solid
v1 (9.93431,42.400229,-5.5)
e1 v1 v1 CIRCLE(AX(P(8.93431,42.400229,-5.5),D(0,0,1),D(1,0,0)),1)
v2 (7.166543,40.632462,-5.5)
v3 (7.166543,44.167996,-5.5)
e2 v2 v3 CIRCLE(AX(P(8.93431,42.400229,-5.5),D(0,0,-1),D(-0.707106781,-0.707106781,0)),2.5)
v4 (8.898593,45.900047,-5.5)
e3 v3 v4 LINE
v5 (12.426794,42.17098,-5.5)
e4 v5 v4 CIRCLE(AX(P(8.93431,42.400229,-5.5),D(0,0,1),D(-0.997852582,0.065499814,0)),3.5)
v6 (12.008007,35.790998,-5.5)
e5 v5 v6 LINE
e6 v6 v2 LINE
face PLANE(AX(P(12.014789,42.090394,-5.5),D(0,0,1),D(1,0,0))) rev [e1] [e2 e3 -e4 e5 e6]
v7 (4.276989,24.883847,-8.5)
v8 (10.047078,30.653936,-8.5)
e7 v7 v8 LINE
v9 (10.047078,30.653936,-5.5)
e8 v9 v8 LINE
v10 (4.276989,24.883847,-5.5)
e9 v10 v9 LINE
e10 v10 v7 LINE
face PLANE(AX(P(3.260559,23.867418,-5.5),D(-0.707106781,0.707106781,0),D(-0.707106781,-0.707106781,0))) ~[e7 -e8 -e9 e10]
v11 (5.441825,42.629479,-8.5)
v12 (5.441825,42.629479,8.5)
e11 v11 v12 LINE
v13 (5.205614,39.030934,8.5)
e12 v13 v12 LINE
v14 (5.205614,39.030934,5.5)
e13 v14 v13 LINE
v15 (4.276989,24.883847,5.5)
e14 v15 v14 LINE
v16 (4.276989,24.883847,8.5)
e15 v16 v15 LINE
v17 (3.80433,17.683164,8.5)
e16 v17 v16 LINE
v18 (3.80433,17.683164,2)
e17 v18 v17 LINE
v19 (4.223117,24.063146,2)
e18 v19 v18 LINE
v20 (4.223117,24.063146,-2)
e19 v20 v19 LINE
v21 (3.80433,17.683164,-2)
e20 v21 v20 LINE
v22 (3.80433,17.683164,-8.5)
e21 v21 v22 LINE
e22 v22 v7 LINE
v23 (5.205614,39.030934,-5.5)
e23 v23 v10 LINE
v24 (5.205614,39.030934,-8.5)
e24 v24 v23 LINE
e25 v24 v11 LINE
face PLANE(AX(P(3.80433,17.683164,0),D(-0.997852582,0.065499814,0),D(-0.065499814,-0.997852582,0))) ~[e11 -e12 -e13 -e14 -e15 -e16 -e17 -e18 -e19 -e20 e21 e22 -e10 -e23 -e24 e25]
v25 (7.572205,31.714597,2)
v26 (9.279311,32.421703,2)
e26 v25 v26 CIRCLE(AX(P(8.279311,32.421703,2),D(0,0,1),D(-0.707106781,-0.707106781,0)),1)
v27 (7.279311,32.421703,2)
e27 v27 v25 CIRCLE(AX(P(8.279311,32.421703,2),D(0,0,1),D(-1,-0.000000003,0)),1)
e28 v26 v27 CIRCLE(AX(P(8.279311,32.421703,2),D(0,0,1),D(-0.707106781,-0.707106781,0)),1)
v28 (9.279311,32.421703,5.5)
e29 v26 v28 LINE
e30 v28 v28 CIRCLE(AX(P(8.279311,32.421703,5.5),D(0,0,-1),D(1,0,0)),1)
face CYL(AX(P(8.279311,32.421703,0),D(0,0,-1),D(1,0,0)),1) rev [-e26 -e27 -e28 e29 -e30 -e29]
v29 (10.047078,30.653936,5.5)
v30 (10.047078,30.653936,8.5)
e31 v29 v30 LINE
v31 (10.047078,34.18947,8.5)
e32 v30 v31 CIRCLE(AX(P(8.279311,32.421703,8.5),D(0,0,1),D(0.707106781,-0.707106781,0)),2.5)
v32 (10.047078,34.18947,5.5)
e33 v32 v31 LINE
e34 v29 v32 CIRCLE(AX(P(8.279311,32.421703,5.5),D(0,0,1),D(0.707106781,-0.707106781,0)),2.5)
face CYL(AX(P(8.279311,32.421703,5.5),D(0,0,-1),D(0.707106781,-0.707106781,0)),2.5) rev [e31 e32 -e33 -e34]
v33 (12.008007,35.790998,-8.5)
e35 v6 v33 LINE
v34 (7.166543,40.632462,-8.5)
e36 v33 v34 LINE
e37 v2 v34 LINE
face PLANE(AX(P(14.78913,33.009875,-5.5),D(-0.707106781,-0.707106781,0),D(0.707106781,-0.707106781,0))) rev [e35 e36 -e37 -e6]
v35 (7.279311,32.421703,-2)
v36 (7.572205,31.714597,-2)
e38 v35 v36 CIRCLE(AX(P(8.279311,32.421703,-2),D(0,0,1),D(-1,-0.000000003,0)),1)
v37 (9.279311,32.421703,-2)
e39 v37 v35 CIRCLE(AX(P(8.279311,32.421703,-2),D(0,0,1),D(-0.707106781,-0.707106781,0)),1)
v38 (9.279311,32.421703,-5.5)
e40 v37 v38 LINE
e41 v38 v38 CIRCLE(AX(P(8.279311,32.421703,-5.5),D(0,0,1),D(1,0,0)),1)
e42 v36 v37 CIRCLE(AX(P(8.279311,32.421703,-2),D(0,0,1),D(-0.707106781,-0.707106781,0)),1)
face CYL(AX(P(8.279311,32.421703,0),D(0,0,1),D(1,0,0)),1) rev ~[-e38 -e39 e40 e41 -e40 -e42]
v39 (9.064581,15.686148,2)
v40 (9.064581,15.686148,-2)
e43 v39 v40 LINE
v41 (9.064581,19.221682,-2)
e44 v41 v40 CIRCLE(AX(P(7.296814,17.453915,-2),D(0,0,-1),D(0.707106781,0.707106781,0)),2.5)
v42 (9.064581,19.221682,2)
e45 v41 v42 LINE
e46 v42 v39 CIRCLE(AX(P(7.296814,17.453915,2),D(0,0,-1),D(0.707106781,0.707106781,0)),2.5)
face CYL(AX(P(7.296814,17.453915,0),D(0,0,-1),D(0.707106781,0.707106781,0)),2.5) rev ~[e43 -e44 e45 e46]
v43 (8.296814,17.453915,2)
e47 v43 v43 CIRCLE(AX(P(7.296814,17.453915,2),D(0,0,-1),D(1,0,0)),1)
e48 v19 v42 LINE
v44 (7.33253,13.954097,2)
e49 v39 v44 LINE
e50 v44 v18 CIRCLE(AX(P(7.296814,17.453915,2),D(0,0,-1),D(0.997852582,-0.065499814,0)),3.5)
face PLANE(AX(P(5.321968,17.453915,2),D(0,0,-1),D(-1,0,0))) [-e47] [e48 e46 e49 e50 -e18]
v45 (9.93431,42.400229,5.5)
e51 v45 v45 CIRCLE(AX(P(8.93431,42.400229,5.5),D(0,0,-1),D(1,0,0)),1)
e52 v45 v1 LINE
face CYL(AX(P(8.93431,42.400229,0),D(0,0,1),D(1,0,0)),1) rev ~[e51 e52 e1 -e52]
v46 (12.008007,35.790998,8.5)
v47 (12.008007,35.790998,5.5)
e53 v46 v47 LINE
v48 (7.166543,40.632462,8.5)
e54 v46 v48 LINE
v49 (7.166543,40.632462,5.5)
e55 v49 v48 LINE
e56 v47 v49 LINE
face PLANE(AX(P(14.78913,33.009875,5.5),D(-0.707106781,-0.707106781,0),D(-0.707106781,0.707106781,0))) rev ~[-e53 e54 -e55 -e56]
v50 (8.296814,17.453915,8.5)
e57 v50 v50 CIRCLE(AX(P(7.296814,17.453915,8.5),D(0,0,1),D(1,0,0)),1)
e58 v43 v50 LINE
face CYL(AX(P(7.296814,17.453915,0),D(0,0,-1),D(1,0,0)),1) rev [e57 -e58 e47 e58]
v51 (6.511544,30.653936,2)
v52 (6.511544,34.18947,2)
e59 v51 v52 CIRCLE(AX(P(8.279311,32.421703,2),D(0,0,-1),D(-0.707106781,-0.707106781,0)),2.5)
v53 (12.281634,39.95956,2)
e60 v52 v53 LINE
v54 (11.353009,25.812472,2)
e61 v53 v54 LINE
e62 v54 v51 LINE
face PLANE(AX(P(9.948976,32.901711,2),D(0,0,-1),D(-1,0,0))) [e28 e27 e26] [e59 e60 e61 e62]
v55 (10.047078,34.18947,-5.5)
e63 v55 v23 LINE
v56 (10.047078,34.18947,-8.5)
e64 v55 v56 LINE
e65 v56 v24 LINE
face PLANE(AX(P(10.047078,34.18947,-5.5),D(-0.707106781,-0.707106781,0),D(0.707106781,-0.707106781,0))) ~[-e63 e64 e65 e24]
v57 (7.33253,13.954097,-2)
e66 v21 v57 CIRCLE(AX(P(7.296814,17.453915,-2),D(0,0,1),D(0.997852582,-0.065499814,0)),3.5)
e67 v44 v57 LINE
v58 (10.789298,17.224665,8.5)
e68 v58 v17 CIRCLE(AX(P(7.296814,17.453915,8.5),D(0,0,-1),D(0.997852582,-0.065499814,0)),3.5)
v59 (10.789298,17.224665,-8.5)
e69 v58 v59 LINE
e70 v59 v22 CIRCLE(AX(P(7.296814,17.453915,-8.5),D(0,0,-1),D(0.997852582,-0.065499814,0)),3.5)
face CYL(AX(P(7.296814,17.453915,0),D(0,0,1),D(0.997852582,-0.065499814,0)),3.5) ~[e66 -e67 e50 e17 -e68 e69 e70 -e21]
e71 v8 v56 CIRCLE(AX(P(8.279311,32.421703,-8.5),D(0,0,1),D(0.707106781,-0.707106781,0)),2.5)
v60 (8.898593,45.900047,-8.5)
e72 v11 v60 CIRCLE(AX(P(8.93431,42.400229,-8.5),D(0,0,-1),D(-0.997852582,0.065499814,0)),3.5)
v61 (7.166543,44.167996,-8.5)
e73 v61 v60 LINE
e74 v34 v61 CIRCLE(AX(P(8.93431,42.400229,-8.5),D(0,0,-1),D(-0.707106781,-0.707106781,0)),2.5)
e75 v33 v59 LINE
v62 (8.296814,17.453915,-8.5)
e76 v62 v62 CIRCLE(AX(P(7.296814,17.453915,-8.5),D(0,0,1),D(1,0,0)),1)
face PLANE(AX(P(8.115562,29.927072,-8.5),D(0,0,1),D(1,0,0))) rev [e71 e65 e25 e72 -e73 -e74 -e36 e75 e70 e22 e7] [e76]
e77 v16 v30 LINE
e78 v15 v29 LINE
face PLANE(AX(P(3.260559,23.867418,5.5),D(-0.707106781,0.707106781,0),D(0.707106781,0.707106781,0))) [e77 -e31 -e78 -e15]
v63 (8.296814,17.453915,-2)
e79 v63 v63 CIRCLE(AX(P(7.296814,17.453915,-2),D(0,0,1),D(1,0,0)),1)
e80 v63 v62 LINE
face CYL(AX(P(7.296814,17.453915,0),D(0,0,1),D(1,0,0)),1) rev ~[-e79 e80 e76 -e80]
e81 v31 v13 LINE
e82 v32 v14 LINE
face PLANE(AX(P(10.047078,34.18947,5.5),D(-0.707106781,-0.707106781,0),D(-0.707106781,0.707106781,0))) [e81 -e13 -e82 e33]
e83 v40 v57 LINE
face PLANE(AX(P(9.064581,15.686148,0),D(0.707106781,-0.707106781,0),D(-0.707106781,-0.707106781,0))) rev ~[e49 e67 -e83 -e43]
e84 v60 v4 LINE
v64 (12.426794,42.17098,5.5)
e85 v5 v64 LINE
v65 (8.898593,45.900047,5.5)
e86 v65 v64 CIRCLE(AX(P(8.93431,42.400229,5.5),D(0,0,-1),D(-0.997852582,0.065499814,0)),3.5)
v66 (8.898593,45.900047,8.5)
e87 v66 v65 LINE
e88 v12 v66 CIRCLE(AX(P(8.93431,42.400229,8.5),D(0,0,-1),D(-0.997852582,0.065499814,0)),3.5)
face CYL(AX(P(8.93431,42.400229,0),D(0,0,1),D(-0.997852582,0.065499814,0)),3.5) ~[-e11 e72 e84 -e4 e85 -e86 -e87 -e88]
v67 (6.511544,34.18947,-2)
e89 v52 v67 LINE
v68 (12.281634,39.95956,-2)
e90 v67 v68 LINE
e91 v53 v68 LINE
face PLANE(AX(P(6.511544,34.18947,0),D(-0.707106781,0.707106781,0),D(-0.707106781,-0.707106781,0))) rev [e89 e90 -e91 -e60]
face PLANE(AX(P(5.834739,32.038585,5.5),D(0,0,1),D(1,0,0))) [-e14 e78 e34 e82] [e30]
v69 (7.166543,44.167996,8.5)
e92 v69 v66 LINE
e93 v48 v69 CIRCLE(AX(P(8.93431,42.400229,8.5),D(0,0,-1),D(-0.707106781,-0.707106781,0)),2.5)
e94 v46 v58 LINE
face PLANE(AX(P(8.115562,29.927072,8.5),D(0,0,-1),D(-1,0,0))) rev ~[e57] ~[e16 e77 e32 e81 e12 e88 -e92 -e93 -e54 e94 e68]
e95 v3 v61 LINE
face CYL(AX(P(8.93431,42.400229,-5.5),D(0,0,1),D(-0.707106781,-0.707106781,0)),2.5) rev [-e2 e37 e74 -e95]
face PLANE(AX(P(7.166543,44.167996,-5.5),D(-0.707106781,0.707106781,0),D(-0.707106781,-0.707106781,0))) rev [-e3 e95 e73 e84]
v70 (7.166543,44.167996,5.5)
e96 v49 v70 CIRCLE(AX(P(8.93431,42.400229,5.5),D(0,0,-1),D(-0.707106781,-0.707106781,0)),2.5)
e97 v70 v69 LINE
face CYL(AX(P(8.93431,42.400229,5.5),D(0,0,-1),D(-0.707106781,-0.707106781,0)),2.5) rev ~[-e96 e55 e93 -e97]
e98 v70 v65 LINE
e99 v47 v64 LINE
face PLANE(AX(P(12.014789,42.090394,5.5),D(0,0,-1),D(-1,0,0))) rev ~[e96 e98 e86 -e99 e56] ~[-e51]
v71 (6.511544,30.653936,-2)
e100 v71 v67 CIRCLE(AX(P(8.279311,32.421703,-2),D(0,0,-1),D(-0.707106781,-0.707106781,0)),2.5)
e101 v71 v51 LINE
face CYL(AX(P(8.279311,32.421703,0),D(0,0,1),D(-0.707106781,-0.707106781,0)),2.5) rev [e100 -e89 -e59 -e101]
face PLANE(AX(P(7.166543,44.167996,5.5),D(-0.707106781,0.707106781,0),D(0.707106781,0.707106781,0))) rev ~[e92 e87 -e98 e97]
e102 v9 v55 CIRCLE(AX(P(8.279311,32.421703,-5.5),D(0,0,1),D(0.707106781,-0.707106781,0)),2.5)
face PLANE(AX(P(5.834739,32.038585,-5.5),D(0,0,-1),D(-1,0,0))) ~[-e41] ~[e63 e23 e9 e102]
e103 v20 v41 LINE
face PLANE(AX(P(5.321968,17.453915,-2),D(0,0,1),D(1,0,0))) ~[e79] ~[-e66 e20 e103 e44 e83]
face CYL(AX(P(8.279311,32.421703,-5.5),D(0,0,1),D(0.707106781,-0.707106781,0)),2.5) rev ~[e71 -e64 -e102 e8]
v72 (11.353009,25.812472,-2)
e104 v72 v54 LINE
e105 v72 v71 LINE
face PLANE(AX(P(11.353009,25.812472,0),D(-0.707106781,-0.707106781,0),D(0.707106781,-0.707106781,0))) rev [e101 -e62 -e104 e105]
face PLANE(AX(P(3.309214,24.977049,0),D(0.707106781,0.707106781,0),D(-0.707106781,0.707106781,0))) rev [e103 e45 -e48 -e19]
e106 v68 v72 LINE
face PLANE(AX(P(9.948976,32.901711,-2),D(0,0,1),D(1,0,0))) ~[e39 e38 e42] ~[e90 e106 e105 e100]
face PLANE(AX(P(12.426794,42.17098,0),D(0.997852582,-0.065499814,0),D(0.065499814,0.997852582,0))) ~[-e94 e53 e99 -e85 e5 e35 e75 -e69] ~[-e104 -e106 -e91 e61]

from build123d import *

# Parameters (mm, degrees)
SKETCH1_R           = 1
BOSS_EXTRUDE1_DEPTH = 8.5
CUT_EXTRUDE1_DEPTH  = 2
CUT_EXTRUDE2_START  = -3
CUT_EXTRUDE2_DEPTH  = 3


with BuildPart() as part:
    # Sketch1 → Boss-Extrude1 (new body)
    with BuildSketch(Plane.XY):
        with BuildLine():
            Line((12.42679356, 42.170979879), (10.789298219, 17.224665341))
            ThreePointArc((10.789298219, 17.224665341), (7.067564836, 13.961430653), (3.804330148, 17.683164036))
            Line((3.804330148, 17.683164036), (5.441825489, 42.629478574))
            ThreePointArc((5.441825489, 42.629478574), (9.163558872, 45.892713262), (12.42679356, 42.170979879))
        make_face()
        with Locations((7.296814184, 17.453914689)):
            Circle(SKETCH1_R, mode=Mode.SUBTRACT)
        with Locations((8.279311388, 32.421703411)):
            Circle(SKETCH1_R, mode=Mode.SUBTRACT)
        with Locations((8.934309525, 42.400229226)):
            Circle(SKETCH1_R, mode=Mode.SUBTRACT)
    boss_extrude1 = extrude(amount=BOSS_EXTRUDE1_DEPTH)

    # Sketch2 → Cut-Extrude1 (cut)
    # profile 1 of 2: a face of its own
    with BuildSketch(Plane(origin=(0, 0, 0), x_dir=(-1, 0, 0), z_dir=(0, 0, -1))):
        with BuildLine():
            ThreePointArc((-6.511544435, 30.653936458), (-5.779311388, 32.421703411), (-6.511544435, 34.189470364))
            Line((-6.511544435, 34.189470364), (-12.281634265, 39.959560194))
            Line((-12.281634265, 39.959560194), (-11.353008502, 25.812472391))
            Line((-11.353008502, 25.812472391), (-6.511544435, 30.653936458))
        make_face()
        with BuildLine():
            ThreePointArc((-7.279311388, 32.421703411), (-7.355431856, 32.039019979), (-7.572204607, 31.71459663))
            ThreePointArc((-7.572204607, 31.71459663), (-9.203190921, 32.804386844), (-7.279311388, 32.421703411))
        make_face(mode=Mode.SUBTRACT)
    # profile 2 of 2: a face of its own
    with BuildSketch(Plane(origin=(0, 0, 0), x_dir=(-1, 0, 0), z_dir=(0, 0, -1))):
        with BuildLine():
            ThreePointArc((-9.064581137, 19.221681642), (-9.796814184, 17.453914689), (-9.064581137, 15.686147736))
            Line((-9.064581137, 15.686147736), (-3.30921397, 9.930780569))
            Line((-3.30921397, 9.930780569), (-3.30921397, 24.977048808))
            Line((-3.30921397, 24.977048808), (-9.064581137, 19.221681642))
        make_face()
    cut_extrude1 = extrude(amount=-CUT_EXTRUDE1_DEPTH, mode=Mode.SUBTRACT)

    # Sketch3 → Cut-Extrude2 (cut)
    with BuildSketch(Plane.XY.offset(8.5).offset(CUT_EXTRUDE2_START)):
        with BuildLine():
            Line((7.166542572, 44.167996179), (14.185239134, 51.186692741))
            Line((14.185239134, 51.186692741), (14.789130122, 33.009874723))
            Line((14.789130122, 33.009874723), (7.166542572, 40.632462273))
            ThreePointArc((7.166542572, 40.632462273), (6.434309525, 42.400229226), (7.166542572, 44.167996179))
        make_face()
        with BuildLine():
            Line((10.047078341, 34.189470364), (4.005126991, 40.231421715))
            Line((4.005126991, 40.231421715), (3.260559385, 23.867417502))
            Line((3.260559385, 23.867417502), (10.047078341, 30.653936458))
            ThreePointArc((10.047078341, 30.653936458), (10.779311388, 32.421703411), (10.047078341, 34.189470364))
        make_face()
    cut_extrude2 = extrude(amount=CUT_EXTRUDE2_DEPTH, mode=Mode.SUBTRACT)

    # Mirror1: Boss-Extrude1, Cut-Extrude1, Cut-Extrude2 across plane
    add(boss_extrude1.mirror(Plane(origin=(0, 0, 0), x_dir=(1, 0, 0), z_dir=(0, 0, -1))))
    add(cut_extrude1.mirror(Plane(origin=(0, 0, 0), x_dir=(1, 0, 0), z_dir=(0, 0, -1))), mode=Mode.SUBTRACT)
    add(cut_extrude2.mirror(Plane(origin=(0, 0, 0), x_dir=(1, 0, 0), z_dir=(0, 0, -1))), mode=Mode.SUBTRACT)


solid = part.part
